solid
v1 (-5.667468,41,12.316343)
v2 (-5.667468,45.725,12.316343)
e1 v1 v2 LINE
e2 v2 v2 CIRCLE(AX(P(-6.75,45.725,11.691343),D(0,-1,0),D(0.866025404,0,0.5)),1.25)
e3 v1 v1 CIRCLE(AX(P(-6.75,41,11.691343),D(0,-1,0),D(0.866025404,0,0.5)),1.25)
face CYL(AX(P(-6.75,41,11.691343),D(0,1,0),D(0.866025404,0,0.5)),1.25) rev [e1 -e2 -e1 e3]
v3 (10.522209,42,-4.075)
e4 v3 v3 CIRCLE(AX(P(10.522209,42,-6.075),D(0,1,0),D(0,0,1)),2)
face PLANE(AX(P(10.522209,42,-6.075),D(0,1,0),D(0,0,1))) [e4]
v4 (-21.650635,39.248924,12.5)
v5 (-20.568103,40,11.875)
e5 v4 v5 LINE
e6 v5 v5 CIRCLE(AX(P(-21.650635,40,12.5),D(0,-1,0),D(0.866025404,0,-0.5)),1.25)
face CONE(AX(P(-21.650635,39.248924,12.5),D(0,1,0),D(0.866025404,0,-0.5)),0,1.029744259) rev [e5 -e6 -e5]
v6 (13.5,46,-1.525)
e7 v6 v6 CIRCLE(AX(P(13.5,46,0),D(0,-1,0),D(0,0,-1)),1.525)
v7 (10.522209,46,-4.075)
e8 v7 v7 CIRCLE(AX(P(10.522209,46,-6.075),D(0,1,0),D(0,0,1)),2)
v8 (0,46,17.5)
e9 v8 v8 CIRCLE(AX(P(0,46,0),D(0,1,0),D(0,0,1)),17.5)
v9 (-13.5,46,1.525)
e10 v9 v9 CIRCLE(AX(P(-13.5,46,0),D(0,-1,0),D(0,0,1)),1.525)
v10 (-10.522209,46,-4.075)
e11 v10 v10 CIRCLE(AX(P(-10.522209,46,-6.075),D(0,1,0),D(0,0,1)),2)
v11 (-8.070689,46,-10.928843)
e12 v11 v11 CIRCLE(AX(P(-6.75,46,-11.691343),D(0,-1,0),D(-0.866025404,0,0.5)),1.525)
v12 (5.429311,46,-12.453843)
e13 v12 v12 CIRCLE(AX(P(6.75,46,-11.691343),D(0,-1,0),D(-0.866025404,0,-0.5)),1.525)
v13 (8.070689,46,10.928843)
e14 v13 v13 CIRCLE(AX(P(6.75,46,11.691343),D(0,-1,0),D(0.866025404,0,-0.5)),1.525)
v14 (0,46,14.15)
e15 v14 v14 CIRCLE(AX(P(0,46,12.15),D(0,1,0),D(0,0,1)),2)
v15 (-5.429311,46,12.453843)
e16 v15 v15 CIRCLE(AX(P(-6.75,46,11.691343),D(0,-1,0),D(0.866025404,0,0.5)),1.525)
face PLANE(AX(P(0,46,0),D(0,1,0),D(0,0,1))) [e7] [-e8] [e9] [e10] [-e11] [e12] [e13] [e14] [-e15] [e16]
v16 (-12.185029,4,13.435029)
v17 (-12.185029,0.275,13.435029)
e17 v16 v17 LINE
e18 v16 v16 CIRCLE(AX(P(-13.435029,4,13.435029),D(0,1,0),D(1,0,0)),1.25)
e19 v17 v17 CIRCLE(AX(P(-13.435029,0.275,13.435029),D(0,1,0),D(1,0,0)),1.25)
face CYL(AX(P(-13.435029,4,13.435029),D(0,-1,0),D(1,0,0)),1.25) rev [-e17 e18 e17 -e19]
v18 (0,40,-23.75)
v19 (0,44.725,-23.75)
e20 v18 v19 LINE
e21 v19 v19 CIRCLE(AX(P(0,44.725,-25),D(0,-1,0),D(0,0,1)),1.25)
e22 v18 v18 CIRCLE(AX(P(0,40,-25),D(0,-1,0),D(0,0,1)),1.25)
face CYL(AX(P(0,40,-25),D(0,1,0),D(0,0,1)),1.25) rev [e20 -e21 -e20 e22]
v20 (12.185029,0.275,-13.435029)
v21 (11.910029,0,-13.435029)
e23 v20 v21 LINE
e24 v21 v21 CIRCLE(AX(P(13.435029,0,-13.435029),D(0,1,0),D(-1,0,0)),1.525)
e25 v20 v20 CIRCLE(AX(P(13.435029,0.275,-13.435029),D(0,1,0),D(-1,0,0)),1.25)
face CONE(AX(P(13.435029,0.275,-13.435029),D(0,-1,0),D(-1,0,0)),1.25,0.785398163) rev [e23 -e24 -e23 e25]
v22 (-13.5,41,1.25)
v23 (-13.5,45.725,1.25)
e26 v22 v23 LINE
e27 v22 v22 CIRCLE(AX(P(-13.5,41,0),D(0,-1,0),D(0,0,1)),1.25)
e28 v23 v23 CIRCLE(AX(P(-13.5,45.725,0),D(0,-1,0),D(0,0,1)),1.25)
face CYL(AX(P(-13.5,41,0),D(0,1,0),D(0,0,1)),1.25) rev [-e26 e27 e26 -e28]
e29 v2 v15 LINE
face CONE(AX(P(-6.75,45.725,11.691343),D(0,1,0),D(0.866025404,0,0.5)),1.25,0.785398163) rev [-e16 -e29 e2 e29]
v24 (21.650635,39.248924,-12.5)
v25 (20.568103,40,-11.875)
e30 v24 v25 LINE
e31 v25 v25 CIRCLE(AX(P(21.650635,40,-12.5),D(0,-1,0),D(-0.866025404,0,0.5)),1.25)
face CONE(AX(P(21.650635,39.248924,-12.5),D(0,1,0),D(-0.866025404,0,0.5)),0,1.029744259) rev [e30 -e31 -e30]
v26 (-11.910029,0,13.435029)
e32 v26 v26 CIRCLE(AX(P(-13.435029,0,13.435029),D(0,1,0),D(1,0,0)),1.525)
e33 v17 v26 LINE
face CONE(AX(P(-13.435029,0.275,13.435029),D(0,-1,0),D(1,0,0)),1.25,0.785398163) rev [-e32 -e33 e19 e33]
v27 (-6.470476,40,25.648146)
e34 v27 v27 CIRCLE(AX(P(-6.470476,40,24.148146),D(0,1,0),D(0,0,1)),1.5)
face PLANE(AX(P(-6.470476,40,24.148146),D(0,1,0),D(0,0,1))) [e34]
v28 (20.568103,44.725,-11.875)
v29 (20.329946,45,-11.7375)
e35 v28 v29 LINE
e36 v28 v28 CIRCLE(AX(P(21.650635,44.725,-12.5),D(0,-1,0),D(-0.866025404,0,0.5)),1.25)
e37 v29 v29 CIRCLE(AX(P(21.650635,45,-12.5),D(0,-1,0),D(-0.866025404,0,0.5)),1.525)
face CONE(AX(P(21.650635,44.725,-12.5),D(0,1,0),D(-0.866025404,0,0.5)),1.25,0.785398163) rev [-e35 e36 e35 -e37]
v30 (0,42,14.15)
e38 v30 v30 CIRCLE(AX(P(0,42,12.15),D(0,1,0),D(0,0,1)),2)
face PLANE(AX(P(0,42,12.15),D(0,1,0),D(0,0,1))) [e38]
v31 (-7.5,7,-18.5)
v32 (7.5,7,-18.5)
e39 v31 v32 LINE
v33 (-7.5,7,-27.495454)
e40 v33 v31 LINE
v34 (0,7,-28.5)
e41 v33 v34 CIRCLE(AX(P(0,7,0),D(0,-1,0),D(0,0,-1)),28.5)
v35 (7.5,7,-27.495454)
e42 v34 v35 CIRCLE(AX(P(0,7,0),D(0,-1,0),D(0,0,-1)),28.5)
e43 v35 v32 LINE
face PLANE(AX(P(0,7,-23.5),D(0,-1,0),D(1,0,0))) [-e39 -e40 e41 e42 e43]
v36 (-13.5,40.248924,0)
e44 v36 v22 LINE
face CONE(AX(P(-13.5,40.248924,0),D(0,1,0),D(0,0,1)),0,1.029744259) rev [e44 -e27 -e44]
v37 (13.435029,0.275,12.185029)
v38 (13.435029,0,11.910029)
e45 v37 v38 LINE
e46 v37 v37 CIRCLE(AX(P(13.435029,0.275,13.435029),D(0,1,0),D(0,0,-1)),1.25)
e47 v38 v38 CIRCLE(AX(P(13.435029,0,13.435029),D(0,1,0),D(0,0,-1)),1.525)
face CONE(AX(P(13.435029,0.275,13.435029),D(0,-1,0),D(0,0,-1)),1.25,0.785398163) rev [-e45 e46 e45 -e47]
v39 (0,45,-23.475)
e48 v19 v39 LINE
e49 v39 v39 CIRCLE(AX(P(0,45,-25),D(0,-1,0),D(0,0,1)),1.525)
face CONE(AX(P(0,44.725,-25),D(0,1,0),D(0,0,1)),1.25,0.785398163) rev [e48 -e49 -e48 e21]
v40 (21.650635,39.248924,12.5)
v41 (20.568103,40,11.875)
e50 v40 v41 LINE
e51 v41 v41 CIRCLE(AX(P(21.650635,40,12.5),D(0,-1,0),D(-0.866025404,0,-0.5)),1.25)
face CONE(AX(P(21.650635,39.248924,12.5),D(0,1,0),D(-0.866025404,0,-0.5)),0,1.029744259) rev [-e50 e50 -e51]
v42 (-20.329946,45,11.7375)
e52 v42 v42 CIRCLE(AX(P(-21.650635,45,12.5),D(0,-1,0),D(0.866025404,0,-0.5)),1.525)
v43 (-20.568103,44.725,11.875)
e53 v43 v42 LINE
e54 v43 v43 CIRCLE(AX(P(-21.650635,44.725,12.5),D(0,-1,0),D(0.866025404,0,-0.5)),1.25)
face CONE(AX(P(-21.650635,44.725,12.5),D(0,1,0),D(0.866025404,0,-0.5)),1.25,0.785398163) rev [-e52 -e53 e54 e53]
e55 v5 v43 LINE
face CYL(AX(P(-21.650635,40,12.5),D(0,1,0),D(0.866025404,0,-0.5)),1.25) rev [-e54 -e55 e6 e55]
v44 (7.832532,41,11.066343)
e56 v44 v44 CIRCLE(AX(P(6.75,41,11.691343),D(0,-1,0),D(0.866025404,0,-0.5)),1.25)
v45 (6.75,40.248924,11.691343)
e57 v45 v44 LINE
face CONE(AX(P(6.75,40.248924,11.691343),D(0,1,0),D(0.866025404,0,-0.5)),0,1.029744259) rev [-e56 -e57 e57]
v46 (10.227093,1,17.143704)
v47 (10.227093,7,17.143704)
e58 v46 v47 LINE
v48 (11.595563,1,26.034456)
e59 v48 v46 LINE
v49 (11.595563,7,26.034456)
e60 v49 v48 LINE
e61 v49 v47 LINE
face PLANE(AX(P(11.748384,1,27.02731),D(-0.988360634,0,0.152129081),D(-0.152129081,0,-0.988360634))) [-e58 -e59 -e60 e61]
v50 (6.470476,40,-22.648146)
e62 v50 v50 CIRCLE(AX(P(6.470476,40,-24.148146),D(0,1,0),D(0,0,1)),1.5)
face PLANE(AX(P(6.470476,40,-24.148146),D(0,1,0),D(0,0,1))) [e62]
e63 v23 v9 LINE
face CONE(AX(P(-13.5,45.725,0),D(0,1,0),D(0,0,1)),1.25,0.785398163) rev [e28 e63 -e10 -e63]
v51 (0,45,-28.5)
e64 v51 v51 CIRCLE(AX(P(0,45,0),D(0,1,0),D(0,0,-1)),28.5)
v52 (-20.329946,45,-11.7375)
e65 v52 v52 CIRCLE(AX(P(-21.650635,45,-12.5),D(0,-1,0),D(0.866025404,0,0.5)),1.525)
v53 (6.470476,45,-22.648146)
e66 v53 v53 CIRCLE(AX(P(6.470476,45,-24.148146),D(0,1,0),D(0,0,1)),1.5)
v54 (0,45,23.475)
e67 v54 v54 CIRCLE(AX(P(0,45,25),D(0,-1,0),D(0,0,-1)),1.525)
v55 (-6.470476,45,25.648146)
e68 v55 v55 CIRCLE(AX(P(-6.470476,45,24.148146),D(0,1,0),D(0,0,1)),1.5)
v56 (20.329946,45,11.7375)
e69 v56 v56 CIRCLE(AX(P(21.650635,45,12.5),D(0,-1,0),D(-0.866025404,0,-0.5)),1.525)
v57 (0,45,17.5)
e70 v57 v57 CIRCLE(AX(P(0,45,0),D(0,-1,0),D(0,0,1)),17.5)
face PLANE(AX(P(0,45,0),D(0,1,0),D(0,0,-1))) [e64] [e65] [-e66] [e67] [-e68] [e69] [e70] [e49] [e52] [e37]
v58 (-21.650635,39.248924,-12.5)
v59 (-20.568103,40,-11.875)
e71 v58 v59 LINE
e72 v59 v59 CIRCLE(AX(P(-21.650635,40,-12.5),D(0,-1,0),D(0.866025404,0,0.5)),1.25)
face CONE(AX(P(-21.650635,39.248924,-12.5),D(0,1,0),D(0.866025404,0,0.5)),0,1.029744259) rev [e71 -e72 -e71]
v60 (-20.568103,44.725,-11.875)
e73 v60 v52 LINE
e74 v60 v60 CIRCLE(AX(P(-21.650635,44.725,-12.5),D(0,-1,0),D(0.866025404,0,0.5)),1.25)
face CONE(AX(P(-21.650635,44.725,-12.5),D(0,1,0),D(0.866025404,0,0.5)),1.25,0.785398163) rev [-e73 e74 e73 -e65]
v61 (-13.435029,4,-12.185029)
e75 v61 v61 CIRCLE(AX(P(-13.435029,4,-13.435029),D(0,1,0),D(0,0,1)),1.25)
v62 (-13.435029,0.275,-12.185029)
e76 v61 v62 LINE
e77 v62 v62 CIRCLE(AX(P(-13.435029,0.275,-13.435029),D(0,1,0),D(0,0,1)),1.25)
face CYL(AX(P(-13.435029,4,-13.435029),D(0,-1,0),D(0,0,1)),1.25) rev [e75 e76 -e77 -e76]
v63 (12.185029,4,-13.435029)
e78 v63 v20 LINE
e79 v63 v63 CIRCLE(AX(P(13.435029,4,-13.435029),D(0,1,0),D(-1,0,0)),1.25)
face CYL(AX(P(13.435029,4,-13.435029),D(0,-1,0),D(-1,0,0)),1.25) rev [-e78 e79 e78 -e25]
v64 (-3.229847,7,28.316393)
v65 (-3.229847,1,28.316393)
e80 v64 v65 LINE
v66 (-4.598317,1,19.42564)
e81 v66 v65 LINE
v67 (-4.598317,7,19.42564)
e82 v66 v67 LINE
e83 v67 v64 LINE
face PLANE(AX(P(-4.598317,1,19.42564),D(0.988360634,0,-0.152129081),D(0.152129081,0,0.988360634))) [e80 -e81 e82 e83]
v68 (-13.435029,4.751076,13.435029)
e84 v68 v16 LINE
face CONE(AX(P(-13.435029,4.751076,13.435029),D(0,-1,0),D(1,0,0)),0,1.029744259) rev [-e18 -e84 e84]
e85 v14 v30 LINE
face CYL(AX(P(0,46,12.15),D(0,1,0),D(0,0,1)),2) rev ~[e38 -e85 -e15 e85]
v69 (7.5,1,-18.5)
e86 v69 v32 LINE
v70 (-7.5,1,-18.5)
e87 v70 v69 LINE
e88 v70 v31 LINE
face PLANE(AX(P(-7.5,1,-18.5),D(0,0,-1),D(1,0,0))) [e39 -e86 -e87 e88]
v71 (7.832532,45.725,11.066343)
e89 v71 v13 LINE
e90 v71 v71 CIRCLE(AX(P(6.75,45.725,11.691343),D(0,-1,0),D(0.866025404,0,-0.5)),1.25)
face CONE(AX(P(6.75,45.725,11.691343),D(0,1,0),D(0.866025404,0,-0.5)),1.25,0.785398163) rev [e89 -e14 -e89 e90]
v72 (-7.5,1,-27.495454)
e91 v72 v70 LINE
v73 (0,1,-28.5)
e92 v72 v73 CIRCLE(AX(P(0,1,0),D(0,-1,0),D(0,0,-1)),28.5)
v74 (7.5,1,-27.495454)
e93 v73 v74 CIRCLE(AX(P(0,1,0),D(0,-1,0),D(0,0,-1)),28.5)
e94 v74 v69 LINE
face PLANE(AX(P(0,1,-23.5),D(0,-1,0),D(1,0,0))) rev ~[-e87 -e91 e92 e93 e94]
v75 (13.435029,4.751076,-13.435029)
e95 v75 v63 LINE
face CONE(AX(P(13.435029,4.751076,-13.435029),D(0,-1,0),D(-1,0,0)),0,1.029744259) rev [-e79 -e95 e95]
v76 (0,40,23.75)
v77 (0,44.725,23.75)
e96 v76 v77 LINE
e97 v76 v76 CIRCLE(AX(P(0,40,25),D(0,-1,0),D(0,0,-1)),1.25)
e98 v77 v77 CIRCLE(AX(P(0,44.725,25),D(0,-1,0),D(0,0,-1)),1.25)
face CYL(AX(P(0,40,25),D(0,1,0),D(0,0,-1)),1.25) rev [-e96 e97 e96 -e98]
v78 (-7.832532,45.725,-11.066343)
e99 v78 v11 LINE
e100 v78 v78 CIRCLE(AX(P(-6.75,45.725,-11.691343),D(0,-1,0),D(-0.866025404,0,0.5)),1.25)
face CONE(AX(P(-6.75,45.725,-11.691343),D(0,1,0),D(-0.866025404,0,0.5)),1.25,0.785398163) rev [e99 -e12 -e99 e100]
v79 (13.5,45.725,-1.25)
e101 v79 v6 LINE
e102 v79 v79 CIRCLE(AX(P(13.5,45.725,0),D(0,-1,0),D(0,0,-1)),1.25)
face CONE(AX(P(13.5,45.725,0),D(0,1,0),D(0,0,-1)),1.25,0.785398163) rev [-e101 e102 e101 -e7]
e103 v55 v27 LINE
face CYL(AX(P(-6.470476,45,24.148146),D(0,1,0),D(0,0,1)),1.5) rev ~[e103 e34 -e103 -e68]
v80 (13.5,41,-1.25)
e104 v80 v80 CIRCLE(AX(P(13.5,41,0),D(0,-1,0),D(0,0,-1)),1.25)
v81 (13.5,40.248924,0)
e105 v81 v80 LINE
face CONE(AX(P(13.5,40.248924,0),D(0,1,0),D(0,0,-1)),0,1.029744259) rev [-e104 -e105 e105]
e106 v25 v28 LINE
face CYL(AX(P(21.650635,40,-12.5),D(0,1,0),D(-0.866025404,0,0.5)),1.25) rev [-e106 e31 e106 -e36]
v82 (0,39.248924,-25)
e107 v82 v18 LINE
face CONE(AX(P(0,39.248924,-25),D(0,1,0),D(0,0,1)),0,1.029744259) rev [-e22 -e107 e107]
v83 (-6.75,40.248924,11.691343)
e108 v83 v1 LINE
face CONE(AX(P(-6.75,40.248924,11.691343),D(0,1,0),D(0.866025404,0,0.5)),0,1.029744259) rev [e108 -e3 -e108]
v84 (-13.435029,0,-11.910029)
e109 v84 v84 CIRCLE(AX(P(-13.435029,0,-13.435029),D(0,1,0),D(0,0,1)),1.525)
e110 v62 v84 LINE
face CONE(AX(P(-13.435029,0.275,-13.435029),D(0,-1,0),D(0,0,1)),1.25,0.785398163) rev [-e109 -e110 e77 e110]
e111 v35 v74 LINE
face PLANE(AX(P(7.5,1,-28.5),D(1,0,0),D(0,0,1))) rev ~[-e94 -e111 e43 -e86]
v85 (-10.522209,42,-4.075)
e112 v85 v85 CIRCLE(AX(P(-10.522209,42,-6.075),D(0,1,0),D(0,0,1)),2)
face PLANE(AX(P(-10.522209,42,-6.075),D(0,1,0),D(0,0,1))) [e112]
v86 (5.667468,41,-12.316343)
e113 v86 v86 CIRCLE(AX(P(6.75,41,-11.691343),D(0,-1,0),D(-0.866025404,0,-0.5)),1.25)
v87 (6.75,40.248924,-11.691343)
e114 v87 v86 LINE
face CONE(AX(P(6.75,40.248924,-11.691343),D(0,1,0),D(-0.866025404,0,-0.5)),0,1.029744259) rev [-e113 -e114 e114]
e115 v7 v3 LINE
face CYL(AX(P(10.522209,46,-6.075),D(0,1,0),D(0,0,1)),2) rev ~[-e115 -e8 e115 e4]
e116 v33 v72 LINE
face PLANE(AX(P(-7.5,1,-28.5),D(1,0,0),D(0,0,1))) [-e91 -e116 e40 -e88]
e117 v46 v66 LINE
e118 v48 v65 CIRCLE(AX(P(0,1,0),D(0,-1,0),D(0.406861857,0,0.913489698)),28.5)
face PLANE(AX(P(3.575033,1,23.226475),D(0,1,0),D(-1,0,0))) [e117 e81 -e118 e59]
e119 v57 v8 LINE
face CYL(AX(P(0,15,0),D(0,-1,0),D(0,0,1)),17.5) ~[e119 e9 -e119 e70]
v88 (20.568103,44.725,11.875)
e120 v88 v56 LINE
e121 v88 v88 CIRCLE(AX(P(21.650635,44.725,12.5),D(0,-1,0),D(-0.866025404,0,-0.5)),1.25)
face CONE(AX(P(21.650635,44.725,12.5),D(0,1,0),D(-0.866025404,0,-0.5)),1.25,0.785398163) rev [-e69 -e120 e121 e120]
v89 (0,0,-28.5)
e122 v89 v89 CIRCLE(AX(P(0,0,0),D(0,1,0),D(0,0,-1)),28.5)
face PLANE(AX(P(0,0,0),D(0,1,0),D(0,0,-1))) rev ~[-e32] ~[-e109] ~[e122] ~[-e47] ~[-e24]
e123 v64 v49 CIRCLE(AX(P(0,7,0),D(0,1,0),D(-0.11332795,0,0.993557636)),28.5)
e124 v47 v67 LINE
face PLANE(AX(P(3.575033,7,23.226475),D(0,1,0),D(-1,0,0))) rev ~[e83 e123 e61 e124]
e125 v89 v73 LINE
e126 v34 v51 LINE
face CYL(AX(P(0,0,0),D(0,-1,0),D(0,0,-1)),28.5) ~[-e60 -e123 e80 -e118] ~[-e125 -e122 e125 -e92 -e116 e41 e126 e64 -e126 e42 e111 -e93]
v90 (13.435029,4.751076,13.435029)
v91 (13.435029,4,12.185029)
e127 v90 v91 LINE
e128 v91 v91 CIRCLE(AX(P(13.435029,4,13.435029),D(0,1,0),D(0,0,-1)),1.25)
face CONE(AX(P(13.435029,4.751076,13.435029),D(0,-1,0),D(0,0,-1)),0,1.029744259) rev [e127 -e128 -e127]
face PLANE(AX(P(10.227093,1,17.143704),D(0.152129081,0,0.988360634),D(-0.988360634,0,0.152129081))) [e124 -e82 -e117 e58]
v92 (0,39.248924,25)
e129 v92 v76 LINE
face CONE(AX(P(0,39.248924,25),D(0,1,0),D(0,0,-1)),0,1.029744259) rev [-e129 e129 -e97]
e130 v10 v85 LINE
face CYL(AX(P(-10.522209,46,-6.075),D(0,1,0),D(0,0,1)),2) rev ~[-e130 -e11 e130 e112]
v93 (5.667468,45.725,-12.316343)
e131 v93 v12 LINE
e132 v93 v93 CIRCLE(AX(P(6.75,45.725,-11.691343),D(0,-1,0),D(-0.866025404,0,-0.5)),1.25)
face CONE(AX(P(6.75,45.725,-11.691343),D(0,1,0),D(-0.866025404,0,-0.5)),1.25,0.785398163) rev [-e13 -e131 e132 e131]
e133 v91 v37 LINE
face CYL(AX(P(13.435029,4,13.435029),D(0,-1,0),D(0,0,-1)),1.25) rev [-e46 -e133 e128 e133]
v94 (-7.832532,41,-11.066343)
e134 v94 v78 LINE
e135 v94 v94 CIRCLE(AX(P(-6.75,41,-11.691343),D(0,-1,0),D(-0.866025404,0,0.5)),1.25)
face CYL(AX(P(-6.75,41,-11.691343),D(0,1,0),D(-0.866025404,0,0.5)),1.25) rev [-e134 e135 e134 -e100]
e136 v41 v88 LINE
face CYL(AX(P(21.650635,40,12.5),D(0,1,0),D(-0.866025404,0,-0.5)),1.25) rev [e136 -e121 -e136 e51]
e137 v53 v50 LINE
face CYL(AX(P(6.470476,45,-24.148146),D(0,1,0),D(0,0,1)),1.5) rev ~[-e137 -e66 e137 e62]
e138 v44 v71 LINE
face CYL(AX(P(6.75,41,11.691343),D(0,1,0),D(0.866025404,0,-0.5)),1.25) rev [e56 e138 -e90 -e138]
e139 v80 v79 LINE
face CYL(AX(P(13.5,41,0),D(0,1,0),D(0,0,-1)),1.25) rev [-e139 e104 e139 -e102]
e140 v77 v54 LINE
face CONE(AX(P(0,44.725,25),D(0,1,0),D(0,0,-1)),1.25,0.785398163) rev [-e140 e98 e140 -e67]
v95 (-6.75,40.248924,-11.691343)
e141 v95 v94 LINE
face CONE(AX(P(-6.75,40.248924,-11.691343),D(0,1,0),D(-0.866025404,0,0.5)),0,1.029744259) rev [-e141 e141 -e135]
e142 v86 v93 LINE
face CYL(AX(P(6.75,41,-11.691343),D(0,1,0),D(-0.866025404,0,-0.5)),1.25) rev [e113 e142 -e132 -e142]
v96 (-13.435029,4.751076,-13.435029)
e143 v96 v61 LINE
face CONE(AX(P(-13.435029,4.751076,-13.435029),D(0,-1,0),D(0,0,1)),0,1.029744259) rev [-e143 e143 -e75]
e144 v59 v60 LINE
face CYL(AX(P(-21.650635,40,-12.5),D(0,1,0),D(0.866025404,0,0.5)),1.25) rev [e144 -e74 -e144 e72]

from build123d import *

# Parameters (mm, degrees)
SKETCH_1_R               = 28.5
EXTRUDE_1_DEPTH          = 45
EXTRUDE_2_DEPTH          = 1
EXTRUDE_2_DEPTH_BACK     = 30
SKETCH_2_R               = 17.5
PATTERN_CIRCULAR_2_COUNT = 6
SKETCH_11_2_R            = 1.5
CUT_EXTRUDE_1_DEPTH      = 5
PATTERN_CIRCULAR_3_COUNT = 6
SKETCH_13_2_R            = 2
CUT_EXTRUDE_2_DEPTH      = 4
PATTERN_CIRCULAR_4_COUNT = 4
CUT_EXTRUDE_START        = -1
SKETCH_18_W              = 15
SKETCH_18_H              = 10
CUT_EXTRUDE_3_DEPTH      = 6


with BuildPart() as part:
    # 草图1 → 凸台-拉伸1 (new body)
    with BuildSketch(Plane(origin=(0, 0, 0), x_dir=(1, 0, 0), z_dir=(0, 1, 0))):
        Circle(SKETCH_1_R)
    extrude(amount=EXTRUDE_1_DEPTH)

    # 草图2 → 凸台-拉伸2 (add, two sides: drawn at the far end of the back side and taken through both)
    with BuildSketch(Plane(origin=(0, 45, 0), x_dir=(1, 0, 0), z_dir=(0, 1, 0)).offset(-EXTRUDE_2_DEPTH_BACK)):
        Circle(SKETCH_2_R)
    extrude(amount=EXTRUDE_2_DEPTH + EXTRUDE_2_DEPTH_BACK)

    # 草图12 → M3 螺纹孔2 (revolve, cut)
    with BuildSketch(Plane(origin=(0, 45, -25), x_dir=(0, 0, 1), z_dir=(1, 0, 0))):
        Polygon((0, 0), (0, 5.751075774), (1.25, 5), (1.25, 0.275), (1.525, 0), align=None)
    hole_wizard_m3_2 = revolve(axis=Axis((0, 51.35, -25), (0, -1, 0)), mode=Mode.SUBTRACT)

    # 阵列(圆周)2: M3 螺纹孔2 ×6 about axis
    pattern_circular_2_axis = Axis((0, 0, 0), (0, -1, 0))
    for i in range(1, PATTERN_CIRCULAR_2_COUNT):
        add(hole_wizard_m3_2.rotate(pattern_circular_2_axis, i * 360 / PATTERN_CIRCULAR_2_COUNT), mode=Mode.SUBTRACT)

    # 草图11<2> → 切除-拉伸1 (cut)
    with BuildSketch(Plane(origin=(0, 45, 0), x_dir=(1, 0, 0), z_dir=(0, 1, 0))):
        with Locations((6.470476128, 24.148145657)):
            Circle(SKETCH_11_2_R)
        with Locations((-6.470476128, -24.148145657)):
            Circle(SKETCH_11_2_R)
    extrude(amount=-CUT_EXTRUDE_1_DEPTH, mode=Mode.SUBTRACT)

    # 草图14 → M3 螺纹孔3 (revolve, cut)
    with BuildSketch(Plane(origin=(-13.5, 46, 0), x_dir=(0, 0, 1), z_dir=(1, 0, 0))):
        Polygon((0, 0), (0, 5.751075774), (1.25, 5), (1.25, 0.275), (1.525, 0), align=None)
    hole_wizard_m3_3 = revolve(axis=Axis((-13.5, 52.35, 0), (0, -1, 0)), mode=Mode.SUBTRACT)

    # 阵列(圆周)3: M3 螺纹孔3 ×6 about axis
    pattern_circular_3_axis = Axis((0, 45, 0), (0, -1, 0))
    for i in range(1, PATTERN_CIRCULAR_3_COUNT):
        add(hole_wizard_m3_3.rotate(pattern_circular_3_axis, i * 360 / PATTERN_CIRCULAR_3_COUNT), mode=Mode.SUBTRACT)

    # 草图13<2> → 切除-拉伸2 (cut)
    with BuildSketch(Plane(origin=(0, 46, 0), x_dir=(1, 0, 0), z_dir=(0, 1, 0))):
        with Locations((0, -12.15)):
            Circle(SKETCH_13_2_R)
        with Locations((-10.522208656, 6.075)):
            Circle(SKETCH_13_2_R)
        with Locations((10.522208656, 6.075)):
            Circle(SKETCH_13_2_R)
    extrude(amount=-CUT_EXTRUDE_2_DEPTH, mode=Mode.SUBTRACT)

    # 草图17 → M3 螺纹孔4 (revolve, cut)
    with BuildSketch(Plane(origin=(13.435028843, 0, 13.435028843), x_dir=(0, 0, -1), z_dir=(1, 0, 0))):
        Polygon((0, 0), (0, 4.751075774), (1.25, 4), (1.25, 0.275), (1.525, 0), align=None)
    hole_wizard_m3_4 = revolve(axis=Axis((13.435028843, -6.35, 13.435028843), (0, 1, 0)), mode=Mode.SUBTRACT)

    # 阵列(圆周)4: M3 螺纹孔4 ×4 about axis
    pattern_circular_4_axis = Axis((0, 45, 0), (0, -1, 0))
    for i in range(1, PATTERN_CIRCULAR_4_COUNT):
        add(hole_wizard_m3_4.rotate(pattern_circular_4_axis, i * 360 / PATTERN_CIRCULAR_4_COUNT), mode=Mode.SUBTRACT)

    # 草图18 → 切除-拉伸3 (cut)
    with BuildSketch(Plane.XZ.offset(CUT_EXTRUDE_START)):
        with Locations((0, -23.5)):
            Rectangle(SKETCH_18_W, SKETCH_18_H)
        Polygon((11.748383566, 27.027309958), (10.227092755, 17.143703619), (-4.598316754, 19.425639836), (-3.077025943, 29.309246175), align=None)
    extrude(amount=-CUT_EXTRUDE_3_DEPTH, mode=Mode.SUBTRACT)


solid = part.part
